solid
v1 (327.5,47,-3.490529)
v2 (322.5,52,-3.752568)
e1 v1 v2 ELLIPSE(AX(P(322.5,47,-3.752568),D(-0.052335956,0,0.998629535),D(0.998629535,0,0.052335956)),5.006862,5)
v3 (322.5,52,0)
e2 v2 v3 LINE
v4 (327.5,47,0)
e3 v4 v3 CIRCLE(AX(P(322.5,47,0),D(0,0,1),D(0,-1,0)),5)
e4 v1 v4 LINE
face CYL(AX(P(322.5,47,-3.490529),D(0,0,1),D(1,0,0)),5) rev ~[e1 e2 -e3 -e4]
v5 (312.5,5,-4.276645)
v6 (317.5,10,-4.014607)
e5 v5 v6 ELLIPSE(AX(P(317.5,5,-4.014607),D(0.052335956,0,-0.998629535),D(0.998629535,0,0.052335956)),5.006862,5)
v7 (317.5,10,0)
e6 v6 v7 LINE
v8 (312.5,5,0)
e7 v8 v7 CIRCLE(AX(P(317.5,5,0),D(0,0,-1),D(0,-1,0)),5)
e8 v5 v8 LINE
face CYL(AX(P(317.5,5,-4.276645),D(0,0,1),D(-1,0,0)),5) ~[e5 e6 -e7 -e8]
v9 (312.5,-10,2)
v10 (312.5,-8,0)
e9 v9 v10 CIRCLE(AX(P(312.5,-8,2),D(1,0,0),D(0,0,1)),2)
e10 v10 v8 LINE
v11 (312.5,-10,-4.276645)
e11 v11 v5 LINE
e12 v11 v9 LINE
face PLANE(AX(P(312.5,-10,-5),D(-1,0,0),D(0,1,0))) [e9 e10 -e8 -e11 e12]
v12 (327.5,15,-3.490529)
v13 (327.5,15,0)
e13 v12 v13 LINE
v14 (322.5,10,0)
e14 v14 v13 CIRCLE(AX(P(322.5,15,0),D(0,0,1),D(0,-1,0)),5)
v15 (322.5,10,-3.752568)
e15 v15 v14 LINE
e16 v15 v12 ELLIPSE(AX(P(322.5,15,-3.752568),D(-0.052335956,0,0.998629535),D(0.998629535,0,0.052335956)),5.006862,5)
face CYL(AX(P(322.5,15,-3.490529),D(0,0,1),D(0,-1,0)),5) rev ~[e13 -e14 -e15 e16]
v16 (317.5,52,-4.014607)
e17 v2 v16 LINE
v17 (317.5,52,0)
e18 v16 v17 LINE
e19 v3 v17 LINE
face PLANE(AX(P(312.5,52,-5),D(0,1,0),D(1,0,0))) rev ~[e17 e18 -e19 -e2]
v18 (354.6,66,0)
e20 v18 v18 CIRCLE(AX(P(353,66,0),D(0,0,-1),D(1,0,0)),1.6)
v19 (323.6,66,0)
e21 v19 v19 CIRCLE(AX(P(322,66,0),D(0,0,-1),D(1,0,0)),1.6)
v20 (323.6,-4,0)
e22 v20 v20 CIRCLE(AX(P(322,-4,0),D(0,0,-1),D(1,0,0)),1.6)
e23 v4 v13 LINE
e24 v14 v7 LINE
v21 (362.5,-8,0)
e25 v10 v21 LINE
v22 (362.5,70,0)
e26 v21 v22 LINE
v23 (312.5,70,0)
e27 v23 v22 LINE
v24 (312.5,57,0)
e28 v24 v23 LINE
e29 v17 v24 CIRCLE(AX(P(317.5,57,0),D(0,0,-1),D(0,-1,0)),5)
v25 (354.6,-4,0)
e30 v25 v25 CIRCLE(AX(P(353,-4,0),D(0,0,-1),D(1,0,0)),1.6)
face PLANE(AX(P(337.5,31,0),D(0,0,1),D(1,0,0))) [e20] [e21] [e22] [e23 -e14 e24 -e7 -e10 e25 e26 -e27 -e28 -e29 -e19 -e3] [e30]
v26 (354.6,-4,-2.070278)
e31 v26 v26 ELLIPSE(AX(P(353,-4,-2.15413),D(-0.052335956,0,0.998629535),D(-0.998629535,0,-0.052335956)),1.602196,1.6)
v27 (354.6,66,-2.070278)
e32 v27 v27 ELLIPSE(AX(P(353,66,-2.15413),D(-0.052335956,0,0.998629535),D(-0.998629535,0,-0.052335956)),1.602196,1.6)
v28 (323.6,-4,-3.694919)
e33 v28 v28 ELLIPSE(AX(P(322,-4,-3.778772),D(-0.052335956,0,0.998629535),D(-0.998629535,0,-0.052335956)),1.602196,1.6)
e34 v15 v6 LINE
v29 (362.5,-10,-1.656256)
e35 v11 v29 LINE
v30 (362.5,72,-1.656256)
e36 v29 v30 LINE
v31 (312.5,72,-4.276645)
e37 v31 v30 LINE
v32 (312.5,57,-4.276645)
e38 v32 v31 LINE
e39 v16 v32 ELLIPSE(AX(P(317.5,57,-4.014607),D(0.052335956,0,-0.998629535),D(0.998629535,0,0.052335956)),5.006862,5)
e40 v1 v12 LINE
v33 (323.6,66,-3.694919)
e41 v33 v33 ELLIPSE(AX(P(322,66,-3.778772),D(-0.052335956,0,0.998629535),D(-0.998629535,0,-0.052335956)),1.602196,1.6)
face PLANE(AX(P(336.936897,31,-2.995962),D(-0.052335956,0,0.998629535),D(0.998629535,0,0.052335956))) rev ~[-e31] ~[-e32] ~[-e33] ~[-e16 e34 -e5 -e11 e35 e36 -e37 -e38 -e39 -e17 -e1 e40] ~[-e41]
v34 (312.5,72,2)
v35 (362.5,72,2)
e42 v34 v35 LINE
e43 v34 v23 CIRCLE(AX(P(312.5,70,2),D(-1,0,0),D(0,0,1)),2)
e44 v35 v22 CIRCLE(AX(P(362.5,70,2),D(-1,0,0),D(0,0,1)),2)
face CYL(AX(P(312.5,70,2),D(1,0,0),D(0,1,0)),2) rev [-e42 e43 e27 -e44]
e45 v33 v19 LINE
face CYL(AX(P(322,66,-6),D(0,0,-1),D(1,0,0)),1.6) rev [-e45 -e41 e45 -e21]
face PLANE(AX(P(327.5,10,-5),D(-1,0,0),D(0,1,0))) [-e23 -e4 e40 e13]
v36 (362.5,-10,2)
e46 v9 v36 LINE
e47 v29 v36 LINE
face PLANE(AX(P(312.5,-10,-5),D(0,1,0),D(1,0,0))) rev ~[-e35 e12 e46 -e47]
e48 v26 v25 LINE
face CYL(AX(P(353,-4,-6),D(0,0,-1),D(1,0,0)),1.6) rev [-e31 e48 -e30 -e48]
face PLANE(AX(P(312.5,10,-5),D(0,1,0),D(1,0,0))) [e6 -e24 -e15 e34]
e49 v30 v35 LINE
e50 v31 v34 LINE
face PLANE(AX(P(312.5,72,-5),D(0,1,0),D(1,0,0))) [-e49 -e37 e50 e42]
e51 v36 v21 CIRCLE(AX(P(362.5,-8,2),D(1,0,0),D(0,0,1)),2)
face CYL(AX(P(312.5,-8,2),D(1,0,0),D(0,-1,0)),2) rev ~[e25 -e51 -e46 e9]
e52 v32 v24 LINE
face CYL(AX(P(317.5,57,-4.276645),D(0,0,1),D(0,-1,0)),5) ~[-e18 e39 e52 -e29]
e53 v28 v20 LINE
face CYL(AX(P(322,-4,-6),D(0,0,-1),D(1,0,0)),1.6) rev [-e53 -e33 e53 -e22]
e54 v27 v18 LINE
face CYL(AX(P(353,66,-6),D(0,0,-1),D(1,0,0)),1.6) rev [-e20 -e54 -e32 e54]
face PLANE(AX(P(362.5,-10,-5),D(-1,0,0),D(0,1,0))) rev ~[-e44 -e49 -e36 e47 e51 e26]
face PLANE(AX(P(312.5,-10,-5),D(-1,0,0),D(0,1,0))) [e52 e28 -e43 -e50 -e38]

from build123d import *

# Parameters (mm, degrees)
CYLINDER397_R          = 1.6
CYLINDER397_DEPTH      = 10
CYLINDER398_R          = 1.6
CYLINDER398_DEPTH      = 10
CYLINDER399_R          = 1.6
CYLINDER399_DEPTH      = 10
CYLINDER400_R          = 1.6
CYLINDER400_DEPTH      = 10
BOX271_W               = 15
BOX271_H               = 42
BOX271_DEPTH           = 20
BOX270_W               = 50
BOX270_H               = 82
BOX270_DEPTH           = 20
FILLET104_R            = 2
BOX268_W               = 58
BOX268_H               = 82
BOX268_DEPTH           = 10
BOX268_PLACEMENT_ANGLE = 3
BOX269_W               = 50
BOX269_H               = 82
BOX269_DEPTH           = 22
FILLET105_R            = 5


with BuildPart() as cylinder397:
    # Cylinder397 → Cylinder397 (new body)
    with BuildSketch(Plane(origin=(320, -4, -6), x_dir=(1, 0, 0), z_dir=(0, 0, 1))):
        Circle(CYLINDER397_R)
    extrude(amount=CYLINDER397_DEPTH)


with BuildPart() as fusion344:
    # Cylinder398 → Cylinder398 (new body)
    with BuildSketch(Plane(origin=(320, 66, -6), x_dir=(1, 0, 0), z_dir=(0, 0, 1))):
        Circle(CYLINDER398_R)
    extrude(amount=CYLINDER398_DEPTH)

    # Fusion344: union Cylinder397
    add(cylinder397.part)


with BuildPart() as fusion344_1:
    # Fusion344 placement: moved
    add(fusion344.part.moved(Location((2, 0, 0))))


with BuildPart() as cylinder399:
    # Cylinder399 → Cylinder399 (new body)
    with BuildSketch(Plane(origin=(320, -4, -6), x_dir=(1, 0, 0), z_dir=(0, 0, 1))):
        Circle(CYLINDER399_R)
    extrude(amount=CYLINDER399_DEPTH)


with BuildPart() as fusion346:
    # Cylinder400 → Cylinder400 (new body)
    with BuildSketch(Plane(origin=(320, 66, -6), x_dir=(1, 0, 0), z_dir=(0, 0, 1))):
        Circle(CYLINDER400_R)
    extrude(amount=CYLINDER400_DEPTH)

    # Fusion345: union Cylinder399
    add(cylinder399.part)


with BuildPart() as fusion346_1:
    # Fusion345 placement: moved
    add(fusion346.part.moved(Location((33, 0, 0))))

    # Fusion346: union Fusion344
    add(fusion344_1.part)


with BuildPart() as cube351:
    # Box271 → Box271 (new body)
    with BuildSketch(Plane(origin=(312.5, 10, -5), x_dir=(1, 0, 0), z_dir=(0, 0, 1))):
        with Locations((7.5, 21)):
            Rectangle(BOX271_W, BOX271_H)
    extrude(amount=BOX271_DEPTH)


with BuildPart() as fillet104:
    # Box270 → Box270 (new body)
    with BuildSketch(Plane(origin=(312.5, 0, 0), x_dir=(1, 0, 0), z_dir=(0, 0, 1))):
        with Locations((25, 41)):
            Rectangle(BOX270_W, BOX270_H)
    extrude(amount=BOX270_DEPTH)

    # Fillet104
    fillet104_edges = [fillet104.edges().sort_by_distance(p)[0] for p in [
        (337.5, 0, 0),
        (337.5, 82, 0),
    ]]
    fillet(fillet104_edges, radius=FILLET104_R)


with BuildPart() as fillet104_1:
    # Fillet104 placement: moved
    add(fillet104.part.moved(Location((0, -10, 0))))


with BuildPart() as cube348:
    # Box268 → Box268 (new body)
    with BuildSketch(Plane.XY):
        with Locations((29, 41)):
            Rectangle(BOX268_W, BOX268_H)
    extrude(amount=BOX268_DEPTH)


with BuildPart() as cube348_1:
    # Box268 placement: moved
    add(cube348.part.moved(Location((308.5, -10, -14.5))).rotate(Axis((308.5, -10, -14.5), (0, -1, 0)), BOX268_PLACEMENT_ANGLE))


with BuildPart() as battery_box_holder_wide:
    # Box269 → Box269 (new body)
    with BuildSketch(Plane(origin=(312.5, -10, -5), x_dir=(1, 0, 0), z_dir=(0, 0, 1))):
        with Locations((25, 41)):
            Rectangle(BOX269_W, BOX269_H)
    extrude(amount=BOX269_DEPTH)

    # Cut281: cut Cube348
    add(cube348_1.part, mode=Mode.SUBTRACT)

    # Cut282: cut Fillet104
    add(fillet104_1.part, mode=Mode.SUBTRACT)

    # Cut283: cut Cube351
    add(cube351.part, mode=Mode.SUBTRACT)

    # Cut284: cut Fusion346
    add(fusion346_1.part, mode=Mode.SUBTRACT)

    # Fillet105
    fillet105_edges = [battery_box_holder_wide.edges().sort_by_distance(p)[0] for p in [
        (312.5, 10, -2.138323),
        (327.5, 10, -1.745264),
        (327.5, 52, -1.745264),
        (312.5, 52, -2.138323),
    ]]
    fillet(fillet105_edges, radius=FILLET105_R)


solid = battery_box_holder_wide.part
